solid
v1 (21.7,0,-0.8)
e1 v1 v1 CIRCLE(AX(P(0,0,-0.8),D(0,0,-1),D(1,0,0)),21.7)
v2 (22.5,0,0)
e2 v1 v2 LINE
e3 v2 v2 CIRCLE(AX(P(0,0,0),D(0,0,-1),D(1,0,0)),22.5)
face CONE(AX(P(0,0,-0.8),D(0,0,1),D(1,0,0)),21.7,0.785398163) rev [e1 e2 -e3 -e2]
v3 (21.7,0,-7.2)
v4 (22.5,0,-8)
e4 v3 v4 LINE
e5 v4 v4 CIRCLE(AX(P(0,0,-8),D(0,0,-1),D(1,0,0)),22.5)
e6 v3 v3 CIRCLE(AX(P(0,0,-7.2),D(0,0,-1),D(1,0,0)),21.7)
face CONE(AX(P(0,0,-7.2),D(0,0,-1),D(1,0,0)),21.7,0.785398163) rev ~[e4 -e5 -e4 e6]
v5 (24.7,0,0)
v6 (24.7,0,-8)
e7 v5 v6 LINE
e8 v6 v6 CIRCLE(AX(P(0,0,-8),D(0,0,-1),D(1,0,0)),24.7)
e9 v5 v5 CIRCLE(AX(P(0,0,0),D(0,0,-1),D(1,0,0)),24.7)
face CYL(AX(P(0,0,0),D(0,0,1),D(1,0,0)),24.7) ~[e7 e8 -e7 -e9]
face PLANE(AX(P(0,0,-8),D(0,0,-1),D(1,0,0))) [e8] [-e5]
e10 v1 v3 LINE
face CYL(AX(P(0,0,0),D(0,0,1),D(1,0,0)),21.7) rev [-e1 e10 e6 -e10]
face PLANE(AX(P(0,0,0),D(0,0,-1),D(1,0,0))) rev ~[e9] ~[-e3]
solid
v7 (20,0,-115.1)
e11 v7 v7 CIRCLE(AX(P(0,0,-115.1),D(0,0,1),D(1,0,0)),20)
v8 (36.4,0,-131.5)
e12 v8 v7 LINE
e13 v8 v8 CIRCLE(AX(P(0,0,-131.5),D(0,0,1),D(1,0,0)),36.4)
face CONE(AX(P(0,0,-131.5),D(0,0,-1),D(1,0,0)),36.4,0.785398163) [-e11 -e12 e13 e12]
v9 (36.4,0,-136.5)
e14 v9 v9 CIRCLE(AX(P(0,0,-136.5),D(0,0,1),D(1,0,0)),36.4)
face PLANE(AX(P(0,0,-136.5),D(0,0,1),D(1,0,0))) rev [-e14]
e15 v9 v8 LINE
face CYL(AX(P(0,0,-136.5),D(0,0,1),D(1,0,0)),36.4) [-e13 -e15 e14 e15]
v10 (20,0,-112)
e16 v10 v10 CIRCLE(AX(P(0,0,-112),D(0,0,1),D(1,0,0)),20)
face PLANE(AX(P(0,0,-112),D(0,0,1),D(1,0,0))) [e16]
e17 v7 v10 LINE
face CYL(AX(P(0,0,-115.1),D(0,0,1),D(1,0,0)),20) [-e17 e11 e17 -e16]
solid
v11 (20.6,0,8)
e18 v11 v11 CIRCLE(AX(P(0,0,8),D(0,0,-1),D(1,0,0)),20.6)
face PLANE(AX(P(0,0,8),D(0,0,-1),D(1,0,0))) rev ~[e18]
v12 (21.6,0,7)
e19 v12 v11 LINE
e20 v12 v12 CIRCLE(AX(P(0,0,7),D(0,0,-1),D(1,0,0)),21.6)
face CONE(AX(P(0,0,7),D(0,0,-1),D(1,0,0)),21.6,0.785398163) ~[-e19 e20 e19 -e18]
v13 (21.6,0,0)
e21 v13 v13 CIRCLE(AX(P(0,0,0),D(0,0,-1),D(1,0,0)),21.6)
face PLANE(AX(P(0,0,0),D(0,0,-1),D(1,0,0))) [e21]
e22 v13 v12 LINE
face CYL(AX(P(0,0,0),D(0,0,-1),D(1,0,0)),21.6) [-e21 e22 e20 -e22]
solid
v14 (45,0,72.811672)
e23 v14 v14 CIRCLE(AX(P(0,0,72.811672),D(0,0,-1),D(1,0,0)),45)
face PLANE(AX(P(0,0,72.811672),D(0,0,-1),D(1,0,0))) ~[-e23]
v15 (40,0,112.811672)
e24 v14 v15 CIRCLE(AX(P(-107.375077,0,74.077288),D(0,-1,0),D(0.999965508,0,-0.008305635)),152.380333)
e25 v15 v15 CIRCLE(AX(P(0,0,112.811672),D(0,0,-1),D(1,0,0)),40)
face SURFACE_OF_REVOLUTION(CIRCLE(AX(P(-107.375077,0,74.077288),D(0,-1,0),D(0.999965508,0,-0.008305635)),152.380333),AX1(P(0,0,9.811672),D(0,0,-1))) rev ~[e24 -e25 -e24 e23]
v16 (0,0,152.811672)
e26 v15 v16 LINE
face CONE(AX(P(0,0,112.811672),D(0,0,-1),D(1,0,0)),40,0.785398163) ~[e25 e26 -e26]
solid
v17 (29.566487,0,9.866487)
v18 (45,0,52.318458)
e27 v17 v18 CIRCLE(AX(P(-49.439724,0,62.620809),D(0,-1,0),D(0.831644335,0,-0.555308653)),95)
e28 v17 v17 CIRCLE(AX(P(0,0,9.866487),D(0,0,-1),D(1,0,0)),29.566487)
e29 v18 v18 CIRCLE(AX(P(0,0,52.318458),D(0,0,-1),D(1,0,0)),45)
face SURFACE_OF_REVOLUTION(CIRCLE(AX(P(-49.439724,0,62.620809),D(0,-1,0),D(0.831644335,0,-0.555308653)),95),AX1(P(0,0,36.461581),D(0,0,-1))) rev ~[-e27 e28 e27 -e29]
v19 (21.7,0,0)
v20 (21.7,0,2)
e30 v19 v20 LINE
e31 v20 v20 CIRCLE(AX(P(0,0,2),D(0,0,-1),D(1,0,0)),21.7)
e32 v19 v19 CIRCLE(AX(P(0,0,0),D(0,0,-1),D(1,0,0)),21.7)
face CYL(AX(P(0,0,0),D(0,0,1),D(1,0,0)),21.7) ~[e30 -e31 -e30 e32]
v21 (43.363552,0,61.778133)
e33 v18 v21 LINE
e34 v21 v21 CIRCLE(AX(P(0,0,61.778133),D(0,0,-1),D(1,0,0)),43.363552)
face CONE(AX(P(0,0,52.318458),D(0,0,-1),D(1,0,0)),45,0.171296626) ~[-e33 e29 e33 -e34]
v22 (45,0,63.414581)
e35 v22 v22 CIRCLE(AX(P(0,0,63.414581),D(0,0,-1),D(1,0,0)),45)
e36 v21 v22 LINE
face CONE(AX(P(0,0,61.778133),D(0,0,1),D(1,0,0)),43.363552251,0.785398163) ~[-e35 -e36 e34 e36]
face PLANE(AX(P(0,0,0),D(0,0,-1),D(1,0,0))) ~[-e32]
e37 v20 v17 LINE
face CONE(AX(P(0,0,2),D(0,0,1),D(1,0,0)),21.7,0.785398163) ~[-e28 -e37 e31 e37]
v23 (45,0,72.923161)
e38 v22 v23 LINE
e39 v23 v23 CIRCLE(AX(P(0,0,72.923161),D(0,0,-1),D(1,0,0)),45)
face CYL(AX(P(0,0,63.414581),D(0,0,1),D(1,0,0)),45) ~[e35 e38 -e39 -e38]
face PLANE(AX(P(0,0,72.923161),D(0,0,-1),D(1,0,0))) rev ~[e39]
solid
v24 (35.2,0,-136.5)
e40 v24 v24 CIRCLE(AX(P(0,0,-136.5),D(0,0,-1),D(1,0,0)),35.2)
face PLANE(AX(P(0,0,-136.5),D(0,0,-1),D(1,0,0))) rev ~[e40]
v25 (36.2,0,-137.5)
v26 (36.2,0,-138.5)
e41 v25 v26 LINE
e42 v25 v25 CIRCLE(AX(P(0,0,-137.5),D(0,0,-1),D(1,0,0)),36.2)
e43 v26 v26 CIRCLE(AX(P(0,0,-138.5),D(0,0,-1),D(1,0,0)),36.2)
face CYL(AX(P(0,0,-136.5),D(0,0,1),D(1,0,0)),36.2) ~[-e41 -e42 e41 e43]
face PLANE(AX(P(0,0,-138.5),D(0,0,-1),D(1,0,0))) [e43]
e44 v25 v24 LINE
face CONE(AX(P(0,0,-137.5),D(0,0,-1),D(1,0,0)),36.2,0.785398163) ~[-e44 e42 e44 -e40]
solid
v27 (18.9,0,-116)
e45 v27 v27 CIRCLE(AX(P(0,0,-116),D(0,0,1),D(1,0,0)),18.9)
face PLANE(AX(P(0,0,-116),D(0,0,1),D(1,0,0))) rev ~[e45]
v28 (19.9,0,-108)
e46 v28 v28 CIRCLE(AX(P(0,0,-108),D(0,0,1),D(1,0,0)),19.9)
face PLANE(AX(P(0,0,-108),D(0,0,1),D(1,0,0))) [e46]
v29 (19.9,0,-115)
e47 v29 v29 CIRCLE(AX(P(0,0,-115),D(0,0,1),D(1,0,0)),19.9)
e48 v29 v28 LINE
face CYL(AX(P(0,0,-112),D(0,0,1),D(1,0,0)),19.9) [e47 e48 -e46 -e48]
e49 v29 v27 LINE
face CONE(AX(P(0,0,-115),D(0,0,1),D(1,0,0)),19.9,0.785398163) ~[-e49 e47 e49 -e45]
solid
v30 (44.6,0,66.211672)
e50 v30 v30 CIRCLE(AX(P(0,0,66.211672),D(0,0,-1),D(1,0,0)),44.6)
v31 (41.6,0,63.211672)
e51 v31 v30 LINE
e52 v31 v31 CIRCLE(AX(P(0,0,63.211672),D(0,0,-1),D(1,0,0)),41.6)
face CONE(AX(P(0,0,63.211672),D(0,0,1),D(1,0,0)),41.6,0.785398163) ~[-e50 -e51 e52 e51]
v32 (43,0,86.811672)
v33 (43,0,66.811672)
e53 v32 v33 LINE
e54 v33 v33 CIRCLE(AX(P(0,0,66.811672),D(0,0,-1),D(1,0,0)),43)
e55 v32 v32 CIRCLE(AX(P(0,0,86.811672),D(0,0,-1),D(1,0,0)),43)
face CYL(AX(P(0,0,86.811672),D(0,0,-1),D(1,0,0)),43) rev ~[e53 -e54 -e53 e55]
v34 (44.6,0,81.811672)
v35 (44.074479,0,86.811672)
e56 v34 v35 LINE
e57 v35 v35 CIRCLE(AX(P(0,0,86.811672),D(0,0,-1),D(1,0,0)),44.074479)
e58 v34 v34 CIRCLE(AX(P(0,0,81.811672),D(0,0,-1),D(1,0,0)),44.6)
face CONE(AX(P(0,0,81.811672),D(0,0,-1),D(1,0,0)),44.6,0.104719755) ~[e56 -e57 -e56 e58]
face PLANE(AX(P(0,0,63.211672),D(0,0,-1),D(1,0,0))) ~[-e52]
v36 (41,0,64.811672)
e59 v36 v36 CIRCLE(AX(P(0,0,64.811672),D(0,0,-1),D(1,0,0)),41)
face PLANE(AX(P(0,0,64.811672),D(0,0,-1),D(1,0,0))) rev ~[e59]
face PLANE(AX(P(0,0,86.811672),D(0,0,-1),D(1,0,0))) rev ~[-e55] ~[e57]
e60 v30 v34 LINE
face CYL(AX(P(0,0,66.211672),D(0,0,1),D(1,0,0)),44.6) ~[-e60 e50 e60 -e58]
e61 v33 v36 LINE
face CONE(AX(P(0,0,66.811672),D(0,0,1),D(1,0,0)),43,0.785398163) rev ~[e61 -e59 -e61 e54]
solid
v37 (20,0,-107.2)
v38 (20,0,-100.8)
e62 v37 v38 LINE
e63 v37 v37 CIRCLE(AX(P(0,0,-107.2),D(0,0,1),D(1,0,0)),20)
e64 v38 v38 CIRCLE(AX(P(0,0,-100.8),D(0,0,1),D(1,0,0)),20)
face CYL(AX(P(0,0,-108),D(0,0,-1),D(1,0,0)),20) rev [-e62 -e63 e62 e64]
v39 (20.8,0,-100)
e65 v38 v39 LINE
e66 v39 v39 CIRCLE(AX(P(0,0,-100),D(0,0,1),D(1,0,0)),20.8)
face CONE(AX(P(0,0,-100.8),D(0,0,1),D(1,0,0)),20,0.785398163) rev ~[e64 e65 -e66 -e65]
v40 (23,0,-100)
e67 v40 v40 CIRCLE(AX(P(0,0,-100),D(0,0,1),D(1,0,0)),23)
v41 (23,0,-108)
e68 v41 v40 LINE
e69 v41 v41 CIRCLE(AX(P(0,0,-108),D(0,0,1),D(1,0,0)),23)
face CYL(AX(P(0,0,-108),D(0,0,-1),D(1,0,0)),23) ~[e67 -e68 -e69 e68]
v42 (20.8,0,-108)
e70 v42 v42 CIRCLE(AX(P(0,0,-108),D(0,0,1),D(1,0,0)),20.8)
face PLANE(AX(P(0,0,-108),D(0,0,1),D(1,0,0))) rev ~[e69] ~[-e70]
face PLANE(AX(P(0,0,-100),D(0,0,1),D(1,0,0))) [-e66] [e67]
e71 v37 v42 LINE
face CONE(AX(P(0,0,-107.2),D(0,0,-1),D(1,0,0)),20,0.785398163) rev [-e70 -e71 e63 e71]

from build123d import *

# Parameters (mm, degrees)
F3_W       = 30.9849511832
F3_H       = 1.6
F7_R       = 21.6
F8_DEPTH   = 8
F11_R      = 19.9
F12_DEPTH  = 4
F13_R      = 36.2
F14_DEPTH  = 2
F15_SIZE   = 1
F15_2_SIZE = 1
F15_3_SIZE = 1
F16_R      = 23
F16_R_2    = 20
F17_DEPTH  = 8
F18_R      = 24.7
F18_R_2    = 21.7
F19_DEPTH  = 8
F20_SIZE   = 0.8
F20_2_SIZE = 0.8


with BuildPart() as f2:
    # F1 (on Front) → F2 (revolve)
    with BuildSketch(Plane.XZ):
        Polygon((40, 112.8116724718), (0, 152.8116724718), (0, 72.8116724718), (40, 72.8116724718), align=None)
        with BuildLine():
            ThreePointArc((45, 72.8116724718), (43.8285562431, 92.9777420022), (40, 112.8116724718))
            Line((40, 112.8116724718), (40, 72.8116724718))
            Line((40, 72.8116724718), (45, 72.8116724718))
        make_face()
    revolve(axis=Axis((0, 0, 9.8116724718), (0, 0, -1)))


with BuildPart() as f4:
    # F3 (on Front) → F4 (revolve)
    with BuildSketch(Plane.XZ):
        Polygon((41, 64.8116724718), (30.9849511832, 64.8116724718), (30.9849511832, 63.2116724718), (41.6, 63.2116724718), (43.2, 64.8116724718), align=None)
        with Locations((15.4924755916, 64.0116724718)):
            Rectangle(F3_W, F3_H)
        Polygon((43, 66.8116724718), (41, 64.8116724718), (43.2, 64.8116724718), (44.6, 66.2116724718), (44.6, 81.8116724718), (44.0744788237, 86.8116724718), (43, 86.8116724718), align=None)
    revolve(axis=Axis((0, 0, 64.0116724718), (0, 0, -1)))


with BuildPart() as f6:
    # F5 (on Front) → F6 (revolve)
    with BuildSketch(Plane.XZ):
        with BuildLine():
            Line((45, 72.9231610894), (0, 72.9231610894))
            Line((0, 72.9231610894), (0, 0))
            Line((0, 0), (21.7, 0))
            Line((21.7, 0), (21.7, 2))
            Line((21.7, 2), (29.5664873946, 9.8664873946))
            ThreePointArc((29.5664873946, 9.8664873946), (39.8430602933, 30.1618453015), (45, 52.3184577677))
            Line((45, 52.3184577677), (43.3635522512, 61.7781333712))
            Line((43.3635522512, 61.7781333712), (45, 63.41458112))
            Line((45, 63.41458112), (45, 72.9231610894))
        make_face()
    revolve(axis=Axis((0, 0, 36.4615805447), (0, 0, -1)))


with BuildPart() as f8:
    # F7 (on face) → F8 (new body)
    with BuildSketch(Plane(origin=(0, 0, 0), x_dir=(1, 0, 0), z_dir=(0, 0, -1))):
        Circle(F7_R)
    extrude(amount=-F8_DEPTH)

    # F15
    f15_edges = [f8.edges().sort_by_distance(p)[0] for p in [
        (-21.6, 0, 8),
    ]]
    chamfer(f15_edges, length=F15_SIZE)


with BuildPart() as f10:
    # F9 (on Front) → F10 (revolve)
    with BuildSketch(Plane.XZ):
        Polygon((20, -112), (0, -112), (0, -136.5), (36.4, -136.5), (36.4, -131.5), (20, -115.1), align=None)
    revolve(axis=Axis((0, 0, -124.25), (0, 0, 1)))


with BuildPart() as f12:
    # F11 (on face) → F12 (new body, symmetric)
    with BuildSketch(Plane.XY.offset(-112)):
        Circle(F11_R)
    extrude(amount=F12_DEPTH, both=True)

    # F15#2
    f15_2_edges = [f12.edges().sort_by_distance(p)[0] for p in [
        (-19.9, 0, -116),
    ]]
    chamfer(f15_2_edges, length=F15_2_SIZE)


with BuildPart() as f14:
    # F13 (on face) → F14 (new body)
    with BuildSketch(Plane(origin=(0, 0, -136.5), x_dir=(1, 0, 0), z_dir=(0, 0, -1))):
        Circle(F13_R)
    extrude(amount=F14_DEPTH)

    # F15#3
    f15_3_edges = [f14.edges().sort_by_distance(p)[0] for p in [
        (-36.2, 0, -136.5),
    ]]
    chamfer(f15_3_edges, length=F15_3_SIZE)


with BuildPart() as f17:
    # F16 (on face) → F17 (new body)
    with BuildSketch(Plane.XY.offset(-108)):
        Circle(F16_R)
        Circle(F16_R_2, mode=Mode.SUBTRACT)
    extrude(amount=F17_DEPTH)

    # F20
    f20_edges = [f17.edges().sort_by_distance(p)[0] for p in [
        (-20, 0, -100),
        (-20, 0, -108),
    ]]
    chamfer(f20_edges, length=F20_SIZE)


with BuildPart() as f19:
    # F18 (on face) → F19 (new body)
    with BuildSketch(Plane(origin=(0, 0, 0), x_dir=(1, 0, 0), z_dir=(0, 0, -1))):
        Circle(F18_R)
        Circle(F18_R_2, mode=Mode.SUBTRACT)
    extrude(amount=F19_DEPTH)

    # F20#2
    f20_2_edges = [f19.edges().sort_by_distance(p)[0] for p in [
        (-21.7, 0, -8),
        (-21.7, 0, 0),
    ]]
    chamfer(f20_2_edges, length=F20_2_SIZE)


solid = Compound([f2.part, f4.part, f6.part, f8.part, f10.part, f12.part, f14.part, f17.part, f19.part])
